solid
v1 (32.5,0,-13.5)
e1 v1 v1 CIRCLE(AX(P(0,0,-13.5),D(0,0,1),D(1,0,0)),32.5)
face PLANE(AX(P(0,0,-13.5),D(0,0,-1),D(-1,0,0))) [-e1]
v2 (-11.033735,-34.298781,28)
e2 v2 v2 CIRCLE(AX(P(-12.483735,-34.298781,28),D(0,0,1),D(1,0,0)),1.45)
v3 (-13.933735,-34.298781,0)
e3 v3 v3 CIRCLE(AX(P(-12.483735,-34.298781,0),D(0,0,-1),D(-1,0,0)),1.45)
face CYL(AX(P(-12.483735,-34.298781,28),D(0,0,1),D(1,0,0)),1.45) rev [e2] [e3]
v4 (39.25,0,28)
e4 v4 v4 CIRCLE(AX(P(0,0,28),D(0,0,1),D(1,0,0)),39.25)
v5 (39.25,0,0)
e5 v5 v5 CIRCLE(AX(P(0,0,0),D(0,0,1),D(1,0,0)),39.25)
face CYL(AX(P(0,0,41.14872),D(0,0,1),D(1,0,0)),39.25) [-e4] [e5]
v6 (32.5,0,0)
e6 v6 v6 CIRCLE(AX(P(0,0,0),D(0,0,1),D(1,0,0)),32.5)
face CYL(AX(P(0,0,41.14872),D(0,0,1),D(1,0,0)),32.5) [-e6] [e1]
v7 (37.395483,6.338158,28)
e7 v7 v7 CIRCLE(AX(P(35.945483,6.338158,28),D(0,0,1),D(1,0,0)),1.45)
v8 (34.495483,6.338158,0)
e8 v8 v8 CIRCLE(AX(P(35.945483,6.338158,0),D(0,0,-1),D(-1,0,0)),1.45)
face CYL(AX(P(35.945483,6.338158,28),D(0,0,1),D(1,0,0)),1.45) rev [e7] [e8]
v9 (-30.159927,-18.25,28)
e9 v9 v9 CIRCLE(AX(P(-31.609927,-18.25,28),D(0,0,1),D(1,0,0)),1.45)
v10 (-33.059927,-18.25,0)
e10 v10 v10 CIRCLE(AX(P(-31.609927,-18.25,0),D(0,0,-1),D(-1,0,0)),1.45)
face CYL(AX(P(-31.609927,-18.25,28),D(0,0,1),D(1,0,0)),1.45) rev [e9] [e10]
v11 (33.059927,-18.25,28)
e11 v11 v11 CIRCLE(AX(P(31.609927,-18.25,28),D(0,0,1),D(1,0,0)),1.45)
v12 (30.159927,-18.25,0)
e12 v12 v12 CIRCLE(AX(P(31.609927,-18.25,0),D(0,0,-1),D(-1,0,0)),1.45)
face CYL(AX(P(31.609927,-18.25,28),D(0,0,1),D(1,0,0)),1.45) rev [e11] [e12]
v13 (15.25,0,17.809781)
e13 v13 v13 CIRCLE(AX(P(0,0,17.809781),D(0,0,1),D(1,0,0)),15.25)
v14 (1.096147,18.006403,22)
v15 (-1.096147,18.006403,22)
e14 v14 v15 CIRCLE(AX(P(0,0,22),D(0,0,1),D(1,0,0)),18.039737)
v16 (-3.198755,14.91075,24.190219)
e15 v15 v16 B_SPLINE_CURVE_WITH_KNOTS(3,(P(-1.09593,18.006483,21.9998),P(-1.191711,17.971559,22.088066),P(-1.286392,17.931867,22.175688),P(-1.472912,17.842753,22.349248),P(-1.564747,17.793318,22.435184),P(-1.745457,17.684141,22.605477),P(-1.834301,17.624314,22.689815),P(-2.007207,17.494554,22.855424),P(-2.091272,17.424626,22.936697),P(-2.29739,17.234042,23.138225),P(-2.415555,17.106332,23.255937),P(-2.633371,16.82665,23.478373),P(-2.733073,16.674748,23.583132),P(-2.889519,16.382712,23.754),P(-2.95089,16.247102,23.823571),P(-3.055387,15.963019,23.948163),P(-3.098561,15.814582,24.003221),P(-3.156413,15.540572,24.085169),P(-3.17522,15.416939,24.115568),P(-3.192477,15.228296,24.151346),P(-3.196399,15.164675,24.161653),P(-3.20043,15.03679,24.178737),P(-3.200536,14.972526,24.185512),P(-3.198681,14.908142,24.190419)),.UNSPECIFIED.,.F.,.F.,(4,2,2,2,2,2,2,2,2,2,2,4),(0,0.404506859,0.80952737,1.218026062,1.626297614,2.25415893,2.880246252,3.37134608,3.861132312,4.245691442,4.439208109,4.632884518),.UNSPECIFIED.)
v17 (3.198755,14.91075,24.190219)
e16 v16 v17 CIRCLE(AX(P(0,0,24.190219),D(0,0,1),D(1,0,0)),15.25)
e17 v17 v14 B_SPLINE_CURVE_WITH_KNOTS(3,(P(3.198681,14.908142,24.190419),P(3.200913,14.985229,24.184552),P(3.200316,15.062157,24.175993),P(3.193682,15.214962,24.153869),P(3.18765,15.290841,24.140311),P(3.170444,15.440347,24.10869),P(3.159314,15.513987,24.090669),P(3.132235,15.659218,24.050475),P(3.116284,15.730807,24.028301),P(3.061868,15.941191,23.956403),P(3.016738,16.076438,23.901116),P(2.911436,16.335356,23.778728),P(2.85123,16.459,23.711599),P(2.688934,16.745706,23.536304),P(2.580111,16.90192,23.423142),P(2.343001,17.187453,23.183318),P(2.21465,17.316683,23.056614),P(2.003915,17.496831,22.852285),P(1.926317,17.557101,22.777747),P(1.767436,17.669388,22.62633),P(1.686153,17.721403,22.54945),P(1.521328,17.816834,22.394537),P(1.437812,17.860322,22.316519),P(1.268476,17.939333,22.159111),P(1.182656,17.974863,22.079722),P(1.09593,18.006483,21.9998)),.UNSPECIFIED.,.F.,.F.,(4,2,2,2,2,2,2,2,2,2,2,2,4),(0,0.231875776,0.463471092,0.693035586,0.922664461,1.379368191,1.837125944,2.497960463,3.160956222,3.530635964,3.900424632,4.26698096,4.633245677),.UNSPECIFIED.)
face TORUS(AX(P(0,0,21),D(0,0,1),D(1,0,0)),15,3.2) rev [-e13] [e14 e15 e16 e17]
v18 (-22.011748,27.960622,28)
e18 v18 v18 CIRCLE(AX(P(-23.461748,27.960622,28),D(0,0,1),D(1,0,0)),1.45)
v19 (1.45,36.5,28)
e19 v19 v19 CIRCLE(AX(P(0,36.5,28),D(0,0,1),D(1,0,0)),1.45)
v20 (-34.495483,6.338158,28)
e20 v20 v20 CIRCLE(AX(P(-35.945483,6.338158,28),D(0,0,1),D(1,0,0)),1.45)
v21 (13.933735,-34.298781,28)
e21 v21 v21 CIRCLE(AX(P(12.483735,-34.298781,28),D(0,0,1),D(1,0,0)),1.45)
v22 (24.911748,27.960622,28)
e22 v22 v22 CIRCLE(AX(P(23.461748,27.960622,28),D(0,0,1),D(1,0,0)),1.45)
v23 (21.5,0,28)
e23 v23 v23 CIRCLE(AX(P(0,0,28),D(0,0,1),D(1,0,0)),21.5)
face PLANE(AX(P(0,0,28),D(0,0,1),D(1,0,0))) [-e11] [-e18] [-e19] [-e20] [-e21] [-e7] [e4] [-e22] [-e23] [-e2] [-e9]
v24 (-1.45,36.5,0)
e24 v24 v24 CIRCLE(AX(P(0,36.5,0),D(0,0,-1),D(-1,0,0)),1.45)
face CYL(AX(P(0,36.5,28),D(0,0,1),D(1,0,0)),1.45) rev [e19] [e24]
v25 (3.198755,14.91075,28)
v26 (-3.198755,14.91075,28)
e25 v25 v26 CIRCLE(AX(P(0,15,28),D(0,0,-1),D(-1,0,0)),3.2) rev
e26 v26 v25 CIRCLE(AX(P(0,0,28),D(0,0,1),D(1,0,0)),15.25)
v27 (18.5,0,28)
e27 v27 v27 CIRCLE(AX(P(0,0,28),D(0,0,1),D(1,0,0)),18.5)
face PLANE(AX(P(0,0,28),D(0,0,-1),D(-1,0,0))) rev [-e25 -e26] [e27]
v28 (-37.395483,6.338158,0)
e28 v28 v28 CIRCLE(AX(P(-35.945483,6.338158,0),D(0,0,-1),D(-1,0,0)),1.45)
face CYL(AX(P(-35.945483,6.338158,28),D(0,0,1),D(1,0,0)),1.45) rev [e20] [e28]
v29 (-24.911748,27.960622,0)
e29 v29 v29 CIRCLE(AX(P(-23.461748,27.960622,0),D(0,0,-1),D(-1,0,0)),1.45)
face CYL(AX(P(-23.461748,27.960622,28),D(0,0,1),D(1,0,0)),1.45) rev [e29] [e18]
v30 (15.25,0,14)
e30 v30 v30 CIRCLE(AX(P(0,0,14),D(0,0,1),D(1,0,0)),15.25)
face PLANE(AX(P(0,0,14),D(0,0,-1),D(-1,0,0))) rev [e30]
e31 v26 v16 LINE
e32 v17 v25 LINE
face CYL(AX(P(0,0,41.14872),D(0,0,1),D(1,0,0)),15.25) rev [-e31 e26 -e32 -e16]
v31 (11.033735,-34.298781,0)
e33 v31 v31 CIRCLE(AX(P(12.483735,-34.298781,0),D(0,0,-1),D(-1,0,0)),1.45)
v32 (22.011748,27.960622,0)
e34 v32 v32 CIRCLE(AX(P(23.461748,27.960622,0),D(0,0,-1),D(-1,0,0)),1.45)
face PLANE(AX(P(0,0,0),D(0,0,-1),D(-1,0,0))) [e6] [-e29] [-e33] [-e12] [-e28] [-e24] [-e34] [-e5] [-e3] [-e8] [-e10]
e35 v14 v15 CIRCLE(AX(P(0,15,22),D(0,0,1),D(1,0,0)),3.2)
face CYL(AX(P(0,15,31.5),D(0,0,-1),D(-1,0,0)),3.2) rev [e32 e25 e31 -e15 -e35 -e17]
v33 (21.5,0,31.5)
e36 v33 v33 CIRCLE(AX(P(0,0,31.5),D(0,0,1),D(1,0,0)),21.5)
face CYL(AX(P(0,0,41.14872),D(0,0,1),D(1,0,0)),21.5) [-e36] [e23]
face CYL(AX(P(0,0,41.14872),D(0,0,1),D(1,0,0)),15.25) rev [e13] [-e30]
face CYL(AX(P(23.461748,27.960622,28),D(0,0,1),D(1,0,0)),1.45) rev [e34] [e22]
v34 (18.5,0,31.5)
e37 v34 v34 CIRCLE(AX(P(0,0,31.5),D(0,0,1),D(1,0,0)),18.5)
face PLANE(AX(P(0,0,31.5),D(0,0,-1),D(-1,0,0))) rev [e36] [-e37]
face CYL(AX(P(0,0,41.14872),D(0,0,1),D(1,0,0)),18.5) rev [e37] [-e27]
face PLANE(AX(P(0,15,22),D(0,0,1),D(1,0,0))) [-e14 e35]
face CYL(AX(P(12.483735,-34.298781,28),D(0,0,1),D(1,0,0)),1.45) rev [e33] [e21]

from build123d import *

# Parameters (mm, degrees)
F_3_0MM_DOWEL_HOLE3_D   = 2.9
CUT_EXTRUDE1_DEPTH      = 70.306384987
CUT_EXTRUDE1_DEPTH_BACK = 6
SKETCH15_R              = 3.2


with BuildPart() as part:
    # Sketch12 → Revolve2 (revolve)
    with BuildSketch(Plane(origin=(0, 0, 0), x_dir=(0, 0, -1), z_dir=(1, 0, 0)), mode=Mode.PRIVATE) as revolve2_sk:
        with BuildLine():
            ThreePointArc((-17.809780572, 15.25), (-21, 18.2), (-24.190219428, 15.25))
            Line((-24.190219428, 15.25), (-28, 15.25))
            Line((-28, 15.25), (-28, 18.5))
            Line((-28, 18.5), (-31.5, 18.5))
            Line((-31.5, 18.5), (-31.5, 21.5))
            Line((-31.5, 21.5), (-28, 21.5))
            Line((-28, 21.5), (-28, 39.25))
            Line((-28, 39.25), (0, 39.25))
            Line((0, 39.25), (0, 32.5))
            Line((0, 32.5), (13.5, 32.5))
            Line((13.5, 32.5), (13.5, 0))
            Line((13.5, 0), (-14, 0))
            Line((-14, 0), (-14, 15.25))
            Line((-14, 15.25), (-17.809780572, 15.25))
        make_face()
    revolve(revolve2_sk.sketch.rotate(Axis((0, 0, 41.148719721), (0, 0, -1)), 90), axis=Axis((0, 0, 41.148719721), (0, 0, -1)))

    # Ø3.0mm Dowel Hole3 (through all)
    with Locations(Plane.XY.offset(28)):
        with Locations((-23.461747754, 27.960622174), (0, 36.5), (23.461747754, 27.960622174), (35.945482985, 6.338158485), (31.609927238, -18.25), (12.483735231, -34.298780659), (-12.483735231, -34.298780659), (-31.609927238, -18.25), (-35.945482985, 6.338158485)):
            Hole(F_3_0MM_DOWEL_HOLE3_D / 2)

    # Sketch15 → Cut-Extrude1 (cut, two sides: drawn at the far end of the back side and taken through both)
    with BuildSketch(Plane.XY.offset(28).offset(-CUT_EXTRUDE1_DEPTH_BACK)):
        with Locations((0, 15)):
            Circle(SKETCH15_R)
    extrude(amount=CUT_EXTRUDE1_DEPTH + CUT_EXTRUDE1_DEPTH_BACK, mode=Mode.SUBTRACT)


solid = part.part
